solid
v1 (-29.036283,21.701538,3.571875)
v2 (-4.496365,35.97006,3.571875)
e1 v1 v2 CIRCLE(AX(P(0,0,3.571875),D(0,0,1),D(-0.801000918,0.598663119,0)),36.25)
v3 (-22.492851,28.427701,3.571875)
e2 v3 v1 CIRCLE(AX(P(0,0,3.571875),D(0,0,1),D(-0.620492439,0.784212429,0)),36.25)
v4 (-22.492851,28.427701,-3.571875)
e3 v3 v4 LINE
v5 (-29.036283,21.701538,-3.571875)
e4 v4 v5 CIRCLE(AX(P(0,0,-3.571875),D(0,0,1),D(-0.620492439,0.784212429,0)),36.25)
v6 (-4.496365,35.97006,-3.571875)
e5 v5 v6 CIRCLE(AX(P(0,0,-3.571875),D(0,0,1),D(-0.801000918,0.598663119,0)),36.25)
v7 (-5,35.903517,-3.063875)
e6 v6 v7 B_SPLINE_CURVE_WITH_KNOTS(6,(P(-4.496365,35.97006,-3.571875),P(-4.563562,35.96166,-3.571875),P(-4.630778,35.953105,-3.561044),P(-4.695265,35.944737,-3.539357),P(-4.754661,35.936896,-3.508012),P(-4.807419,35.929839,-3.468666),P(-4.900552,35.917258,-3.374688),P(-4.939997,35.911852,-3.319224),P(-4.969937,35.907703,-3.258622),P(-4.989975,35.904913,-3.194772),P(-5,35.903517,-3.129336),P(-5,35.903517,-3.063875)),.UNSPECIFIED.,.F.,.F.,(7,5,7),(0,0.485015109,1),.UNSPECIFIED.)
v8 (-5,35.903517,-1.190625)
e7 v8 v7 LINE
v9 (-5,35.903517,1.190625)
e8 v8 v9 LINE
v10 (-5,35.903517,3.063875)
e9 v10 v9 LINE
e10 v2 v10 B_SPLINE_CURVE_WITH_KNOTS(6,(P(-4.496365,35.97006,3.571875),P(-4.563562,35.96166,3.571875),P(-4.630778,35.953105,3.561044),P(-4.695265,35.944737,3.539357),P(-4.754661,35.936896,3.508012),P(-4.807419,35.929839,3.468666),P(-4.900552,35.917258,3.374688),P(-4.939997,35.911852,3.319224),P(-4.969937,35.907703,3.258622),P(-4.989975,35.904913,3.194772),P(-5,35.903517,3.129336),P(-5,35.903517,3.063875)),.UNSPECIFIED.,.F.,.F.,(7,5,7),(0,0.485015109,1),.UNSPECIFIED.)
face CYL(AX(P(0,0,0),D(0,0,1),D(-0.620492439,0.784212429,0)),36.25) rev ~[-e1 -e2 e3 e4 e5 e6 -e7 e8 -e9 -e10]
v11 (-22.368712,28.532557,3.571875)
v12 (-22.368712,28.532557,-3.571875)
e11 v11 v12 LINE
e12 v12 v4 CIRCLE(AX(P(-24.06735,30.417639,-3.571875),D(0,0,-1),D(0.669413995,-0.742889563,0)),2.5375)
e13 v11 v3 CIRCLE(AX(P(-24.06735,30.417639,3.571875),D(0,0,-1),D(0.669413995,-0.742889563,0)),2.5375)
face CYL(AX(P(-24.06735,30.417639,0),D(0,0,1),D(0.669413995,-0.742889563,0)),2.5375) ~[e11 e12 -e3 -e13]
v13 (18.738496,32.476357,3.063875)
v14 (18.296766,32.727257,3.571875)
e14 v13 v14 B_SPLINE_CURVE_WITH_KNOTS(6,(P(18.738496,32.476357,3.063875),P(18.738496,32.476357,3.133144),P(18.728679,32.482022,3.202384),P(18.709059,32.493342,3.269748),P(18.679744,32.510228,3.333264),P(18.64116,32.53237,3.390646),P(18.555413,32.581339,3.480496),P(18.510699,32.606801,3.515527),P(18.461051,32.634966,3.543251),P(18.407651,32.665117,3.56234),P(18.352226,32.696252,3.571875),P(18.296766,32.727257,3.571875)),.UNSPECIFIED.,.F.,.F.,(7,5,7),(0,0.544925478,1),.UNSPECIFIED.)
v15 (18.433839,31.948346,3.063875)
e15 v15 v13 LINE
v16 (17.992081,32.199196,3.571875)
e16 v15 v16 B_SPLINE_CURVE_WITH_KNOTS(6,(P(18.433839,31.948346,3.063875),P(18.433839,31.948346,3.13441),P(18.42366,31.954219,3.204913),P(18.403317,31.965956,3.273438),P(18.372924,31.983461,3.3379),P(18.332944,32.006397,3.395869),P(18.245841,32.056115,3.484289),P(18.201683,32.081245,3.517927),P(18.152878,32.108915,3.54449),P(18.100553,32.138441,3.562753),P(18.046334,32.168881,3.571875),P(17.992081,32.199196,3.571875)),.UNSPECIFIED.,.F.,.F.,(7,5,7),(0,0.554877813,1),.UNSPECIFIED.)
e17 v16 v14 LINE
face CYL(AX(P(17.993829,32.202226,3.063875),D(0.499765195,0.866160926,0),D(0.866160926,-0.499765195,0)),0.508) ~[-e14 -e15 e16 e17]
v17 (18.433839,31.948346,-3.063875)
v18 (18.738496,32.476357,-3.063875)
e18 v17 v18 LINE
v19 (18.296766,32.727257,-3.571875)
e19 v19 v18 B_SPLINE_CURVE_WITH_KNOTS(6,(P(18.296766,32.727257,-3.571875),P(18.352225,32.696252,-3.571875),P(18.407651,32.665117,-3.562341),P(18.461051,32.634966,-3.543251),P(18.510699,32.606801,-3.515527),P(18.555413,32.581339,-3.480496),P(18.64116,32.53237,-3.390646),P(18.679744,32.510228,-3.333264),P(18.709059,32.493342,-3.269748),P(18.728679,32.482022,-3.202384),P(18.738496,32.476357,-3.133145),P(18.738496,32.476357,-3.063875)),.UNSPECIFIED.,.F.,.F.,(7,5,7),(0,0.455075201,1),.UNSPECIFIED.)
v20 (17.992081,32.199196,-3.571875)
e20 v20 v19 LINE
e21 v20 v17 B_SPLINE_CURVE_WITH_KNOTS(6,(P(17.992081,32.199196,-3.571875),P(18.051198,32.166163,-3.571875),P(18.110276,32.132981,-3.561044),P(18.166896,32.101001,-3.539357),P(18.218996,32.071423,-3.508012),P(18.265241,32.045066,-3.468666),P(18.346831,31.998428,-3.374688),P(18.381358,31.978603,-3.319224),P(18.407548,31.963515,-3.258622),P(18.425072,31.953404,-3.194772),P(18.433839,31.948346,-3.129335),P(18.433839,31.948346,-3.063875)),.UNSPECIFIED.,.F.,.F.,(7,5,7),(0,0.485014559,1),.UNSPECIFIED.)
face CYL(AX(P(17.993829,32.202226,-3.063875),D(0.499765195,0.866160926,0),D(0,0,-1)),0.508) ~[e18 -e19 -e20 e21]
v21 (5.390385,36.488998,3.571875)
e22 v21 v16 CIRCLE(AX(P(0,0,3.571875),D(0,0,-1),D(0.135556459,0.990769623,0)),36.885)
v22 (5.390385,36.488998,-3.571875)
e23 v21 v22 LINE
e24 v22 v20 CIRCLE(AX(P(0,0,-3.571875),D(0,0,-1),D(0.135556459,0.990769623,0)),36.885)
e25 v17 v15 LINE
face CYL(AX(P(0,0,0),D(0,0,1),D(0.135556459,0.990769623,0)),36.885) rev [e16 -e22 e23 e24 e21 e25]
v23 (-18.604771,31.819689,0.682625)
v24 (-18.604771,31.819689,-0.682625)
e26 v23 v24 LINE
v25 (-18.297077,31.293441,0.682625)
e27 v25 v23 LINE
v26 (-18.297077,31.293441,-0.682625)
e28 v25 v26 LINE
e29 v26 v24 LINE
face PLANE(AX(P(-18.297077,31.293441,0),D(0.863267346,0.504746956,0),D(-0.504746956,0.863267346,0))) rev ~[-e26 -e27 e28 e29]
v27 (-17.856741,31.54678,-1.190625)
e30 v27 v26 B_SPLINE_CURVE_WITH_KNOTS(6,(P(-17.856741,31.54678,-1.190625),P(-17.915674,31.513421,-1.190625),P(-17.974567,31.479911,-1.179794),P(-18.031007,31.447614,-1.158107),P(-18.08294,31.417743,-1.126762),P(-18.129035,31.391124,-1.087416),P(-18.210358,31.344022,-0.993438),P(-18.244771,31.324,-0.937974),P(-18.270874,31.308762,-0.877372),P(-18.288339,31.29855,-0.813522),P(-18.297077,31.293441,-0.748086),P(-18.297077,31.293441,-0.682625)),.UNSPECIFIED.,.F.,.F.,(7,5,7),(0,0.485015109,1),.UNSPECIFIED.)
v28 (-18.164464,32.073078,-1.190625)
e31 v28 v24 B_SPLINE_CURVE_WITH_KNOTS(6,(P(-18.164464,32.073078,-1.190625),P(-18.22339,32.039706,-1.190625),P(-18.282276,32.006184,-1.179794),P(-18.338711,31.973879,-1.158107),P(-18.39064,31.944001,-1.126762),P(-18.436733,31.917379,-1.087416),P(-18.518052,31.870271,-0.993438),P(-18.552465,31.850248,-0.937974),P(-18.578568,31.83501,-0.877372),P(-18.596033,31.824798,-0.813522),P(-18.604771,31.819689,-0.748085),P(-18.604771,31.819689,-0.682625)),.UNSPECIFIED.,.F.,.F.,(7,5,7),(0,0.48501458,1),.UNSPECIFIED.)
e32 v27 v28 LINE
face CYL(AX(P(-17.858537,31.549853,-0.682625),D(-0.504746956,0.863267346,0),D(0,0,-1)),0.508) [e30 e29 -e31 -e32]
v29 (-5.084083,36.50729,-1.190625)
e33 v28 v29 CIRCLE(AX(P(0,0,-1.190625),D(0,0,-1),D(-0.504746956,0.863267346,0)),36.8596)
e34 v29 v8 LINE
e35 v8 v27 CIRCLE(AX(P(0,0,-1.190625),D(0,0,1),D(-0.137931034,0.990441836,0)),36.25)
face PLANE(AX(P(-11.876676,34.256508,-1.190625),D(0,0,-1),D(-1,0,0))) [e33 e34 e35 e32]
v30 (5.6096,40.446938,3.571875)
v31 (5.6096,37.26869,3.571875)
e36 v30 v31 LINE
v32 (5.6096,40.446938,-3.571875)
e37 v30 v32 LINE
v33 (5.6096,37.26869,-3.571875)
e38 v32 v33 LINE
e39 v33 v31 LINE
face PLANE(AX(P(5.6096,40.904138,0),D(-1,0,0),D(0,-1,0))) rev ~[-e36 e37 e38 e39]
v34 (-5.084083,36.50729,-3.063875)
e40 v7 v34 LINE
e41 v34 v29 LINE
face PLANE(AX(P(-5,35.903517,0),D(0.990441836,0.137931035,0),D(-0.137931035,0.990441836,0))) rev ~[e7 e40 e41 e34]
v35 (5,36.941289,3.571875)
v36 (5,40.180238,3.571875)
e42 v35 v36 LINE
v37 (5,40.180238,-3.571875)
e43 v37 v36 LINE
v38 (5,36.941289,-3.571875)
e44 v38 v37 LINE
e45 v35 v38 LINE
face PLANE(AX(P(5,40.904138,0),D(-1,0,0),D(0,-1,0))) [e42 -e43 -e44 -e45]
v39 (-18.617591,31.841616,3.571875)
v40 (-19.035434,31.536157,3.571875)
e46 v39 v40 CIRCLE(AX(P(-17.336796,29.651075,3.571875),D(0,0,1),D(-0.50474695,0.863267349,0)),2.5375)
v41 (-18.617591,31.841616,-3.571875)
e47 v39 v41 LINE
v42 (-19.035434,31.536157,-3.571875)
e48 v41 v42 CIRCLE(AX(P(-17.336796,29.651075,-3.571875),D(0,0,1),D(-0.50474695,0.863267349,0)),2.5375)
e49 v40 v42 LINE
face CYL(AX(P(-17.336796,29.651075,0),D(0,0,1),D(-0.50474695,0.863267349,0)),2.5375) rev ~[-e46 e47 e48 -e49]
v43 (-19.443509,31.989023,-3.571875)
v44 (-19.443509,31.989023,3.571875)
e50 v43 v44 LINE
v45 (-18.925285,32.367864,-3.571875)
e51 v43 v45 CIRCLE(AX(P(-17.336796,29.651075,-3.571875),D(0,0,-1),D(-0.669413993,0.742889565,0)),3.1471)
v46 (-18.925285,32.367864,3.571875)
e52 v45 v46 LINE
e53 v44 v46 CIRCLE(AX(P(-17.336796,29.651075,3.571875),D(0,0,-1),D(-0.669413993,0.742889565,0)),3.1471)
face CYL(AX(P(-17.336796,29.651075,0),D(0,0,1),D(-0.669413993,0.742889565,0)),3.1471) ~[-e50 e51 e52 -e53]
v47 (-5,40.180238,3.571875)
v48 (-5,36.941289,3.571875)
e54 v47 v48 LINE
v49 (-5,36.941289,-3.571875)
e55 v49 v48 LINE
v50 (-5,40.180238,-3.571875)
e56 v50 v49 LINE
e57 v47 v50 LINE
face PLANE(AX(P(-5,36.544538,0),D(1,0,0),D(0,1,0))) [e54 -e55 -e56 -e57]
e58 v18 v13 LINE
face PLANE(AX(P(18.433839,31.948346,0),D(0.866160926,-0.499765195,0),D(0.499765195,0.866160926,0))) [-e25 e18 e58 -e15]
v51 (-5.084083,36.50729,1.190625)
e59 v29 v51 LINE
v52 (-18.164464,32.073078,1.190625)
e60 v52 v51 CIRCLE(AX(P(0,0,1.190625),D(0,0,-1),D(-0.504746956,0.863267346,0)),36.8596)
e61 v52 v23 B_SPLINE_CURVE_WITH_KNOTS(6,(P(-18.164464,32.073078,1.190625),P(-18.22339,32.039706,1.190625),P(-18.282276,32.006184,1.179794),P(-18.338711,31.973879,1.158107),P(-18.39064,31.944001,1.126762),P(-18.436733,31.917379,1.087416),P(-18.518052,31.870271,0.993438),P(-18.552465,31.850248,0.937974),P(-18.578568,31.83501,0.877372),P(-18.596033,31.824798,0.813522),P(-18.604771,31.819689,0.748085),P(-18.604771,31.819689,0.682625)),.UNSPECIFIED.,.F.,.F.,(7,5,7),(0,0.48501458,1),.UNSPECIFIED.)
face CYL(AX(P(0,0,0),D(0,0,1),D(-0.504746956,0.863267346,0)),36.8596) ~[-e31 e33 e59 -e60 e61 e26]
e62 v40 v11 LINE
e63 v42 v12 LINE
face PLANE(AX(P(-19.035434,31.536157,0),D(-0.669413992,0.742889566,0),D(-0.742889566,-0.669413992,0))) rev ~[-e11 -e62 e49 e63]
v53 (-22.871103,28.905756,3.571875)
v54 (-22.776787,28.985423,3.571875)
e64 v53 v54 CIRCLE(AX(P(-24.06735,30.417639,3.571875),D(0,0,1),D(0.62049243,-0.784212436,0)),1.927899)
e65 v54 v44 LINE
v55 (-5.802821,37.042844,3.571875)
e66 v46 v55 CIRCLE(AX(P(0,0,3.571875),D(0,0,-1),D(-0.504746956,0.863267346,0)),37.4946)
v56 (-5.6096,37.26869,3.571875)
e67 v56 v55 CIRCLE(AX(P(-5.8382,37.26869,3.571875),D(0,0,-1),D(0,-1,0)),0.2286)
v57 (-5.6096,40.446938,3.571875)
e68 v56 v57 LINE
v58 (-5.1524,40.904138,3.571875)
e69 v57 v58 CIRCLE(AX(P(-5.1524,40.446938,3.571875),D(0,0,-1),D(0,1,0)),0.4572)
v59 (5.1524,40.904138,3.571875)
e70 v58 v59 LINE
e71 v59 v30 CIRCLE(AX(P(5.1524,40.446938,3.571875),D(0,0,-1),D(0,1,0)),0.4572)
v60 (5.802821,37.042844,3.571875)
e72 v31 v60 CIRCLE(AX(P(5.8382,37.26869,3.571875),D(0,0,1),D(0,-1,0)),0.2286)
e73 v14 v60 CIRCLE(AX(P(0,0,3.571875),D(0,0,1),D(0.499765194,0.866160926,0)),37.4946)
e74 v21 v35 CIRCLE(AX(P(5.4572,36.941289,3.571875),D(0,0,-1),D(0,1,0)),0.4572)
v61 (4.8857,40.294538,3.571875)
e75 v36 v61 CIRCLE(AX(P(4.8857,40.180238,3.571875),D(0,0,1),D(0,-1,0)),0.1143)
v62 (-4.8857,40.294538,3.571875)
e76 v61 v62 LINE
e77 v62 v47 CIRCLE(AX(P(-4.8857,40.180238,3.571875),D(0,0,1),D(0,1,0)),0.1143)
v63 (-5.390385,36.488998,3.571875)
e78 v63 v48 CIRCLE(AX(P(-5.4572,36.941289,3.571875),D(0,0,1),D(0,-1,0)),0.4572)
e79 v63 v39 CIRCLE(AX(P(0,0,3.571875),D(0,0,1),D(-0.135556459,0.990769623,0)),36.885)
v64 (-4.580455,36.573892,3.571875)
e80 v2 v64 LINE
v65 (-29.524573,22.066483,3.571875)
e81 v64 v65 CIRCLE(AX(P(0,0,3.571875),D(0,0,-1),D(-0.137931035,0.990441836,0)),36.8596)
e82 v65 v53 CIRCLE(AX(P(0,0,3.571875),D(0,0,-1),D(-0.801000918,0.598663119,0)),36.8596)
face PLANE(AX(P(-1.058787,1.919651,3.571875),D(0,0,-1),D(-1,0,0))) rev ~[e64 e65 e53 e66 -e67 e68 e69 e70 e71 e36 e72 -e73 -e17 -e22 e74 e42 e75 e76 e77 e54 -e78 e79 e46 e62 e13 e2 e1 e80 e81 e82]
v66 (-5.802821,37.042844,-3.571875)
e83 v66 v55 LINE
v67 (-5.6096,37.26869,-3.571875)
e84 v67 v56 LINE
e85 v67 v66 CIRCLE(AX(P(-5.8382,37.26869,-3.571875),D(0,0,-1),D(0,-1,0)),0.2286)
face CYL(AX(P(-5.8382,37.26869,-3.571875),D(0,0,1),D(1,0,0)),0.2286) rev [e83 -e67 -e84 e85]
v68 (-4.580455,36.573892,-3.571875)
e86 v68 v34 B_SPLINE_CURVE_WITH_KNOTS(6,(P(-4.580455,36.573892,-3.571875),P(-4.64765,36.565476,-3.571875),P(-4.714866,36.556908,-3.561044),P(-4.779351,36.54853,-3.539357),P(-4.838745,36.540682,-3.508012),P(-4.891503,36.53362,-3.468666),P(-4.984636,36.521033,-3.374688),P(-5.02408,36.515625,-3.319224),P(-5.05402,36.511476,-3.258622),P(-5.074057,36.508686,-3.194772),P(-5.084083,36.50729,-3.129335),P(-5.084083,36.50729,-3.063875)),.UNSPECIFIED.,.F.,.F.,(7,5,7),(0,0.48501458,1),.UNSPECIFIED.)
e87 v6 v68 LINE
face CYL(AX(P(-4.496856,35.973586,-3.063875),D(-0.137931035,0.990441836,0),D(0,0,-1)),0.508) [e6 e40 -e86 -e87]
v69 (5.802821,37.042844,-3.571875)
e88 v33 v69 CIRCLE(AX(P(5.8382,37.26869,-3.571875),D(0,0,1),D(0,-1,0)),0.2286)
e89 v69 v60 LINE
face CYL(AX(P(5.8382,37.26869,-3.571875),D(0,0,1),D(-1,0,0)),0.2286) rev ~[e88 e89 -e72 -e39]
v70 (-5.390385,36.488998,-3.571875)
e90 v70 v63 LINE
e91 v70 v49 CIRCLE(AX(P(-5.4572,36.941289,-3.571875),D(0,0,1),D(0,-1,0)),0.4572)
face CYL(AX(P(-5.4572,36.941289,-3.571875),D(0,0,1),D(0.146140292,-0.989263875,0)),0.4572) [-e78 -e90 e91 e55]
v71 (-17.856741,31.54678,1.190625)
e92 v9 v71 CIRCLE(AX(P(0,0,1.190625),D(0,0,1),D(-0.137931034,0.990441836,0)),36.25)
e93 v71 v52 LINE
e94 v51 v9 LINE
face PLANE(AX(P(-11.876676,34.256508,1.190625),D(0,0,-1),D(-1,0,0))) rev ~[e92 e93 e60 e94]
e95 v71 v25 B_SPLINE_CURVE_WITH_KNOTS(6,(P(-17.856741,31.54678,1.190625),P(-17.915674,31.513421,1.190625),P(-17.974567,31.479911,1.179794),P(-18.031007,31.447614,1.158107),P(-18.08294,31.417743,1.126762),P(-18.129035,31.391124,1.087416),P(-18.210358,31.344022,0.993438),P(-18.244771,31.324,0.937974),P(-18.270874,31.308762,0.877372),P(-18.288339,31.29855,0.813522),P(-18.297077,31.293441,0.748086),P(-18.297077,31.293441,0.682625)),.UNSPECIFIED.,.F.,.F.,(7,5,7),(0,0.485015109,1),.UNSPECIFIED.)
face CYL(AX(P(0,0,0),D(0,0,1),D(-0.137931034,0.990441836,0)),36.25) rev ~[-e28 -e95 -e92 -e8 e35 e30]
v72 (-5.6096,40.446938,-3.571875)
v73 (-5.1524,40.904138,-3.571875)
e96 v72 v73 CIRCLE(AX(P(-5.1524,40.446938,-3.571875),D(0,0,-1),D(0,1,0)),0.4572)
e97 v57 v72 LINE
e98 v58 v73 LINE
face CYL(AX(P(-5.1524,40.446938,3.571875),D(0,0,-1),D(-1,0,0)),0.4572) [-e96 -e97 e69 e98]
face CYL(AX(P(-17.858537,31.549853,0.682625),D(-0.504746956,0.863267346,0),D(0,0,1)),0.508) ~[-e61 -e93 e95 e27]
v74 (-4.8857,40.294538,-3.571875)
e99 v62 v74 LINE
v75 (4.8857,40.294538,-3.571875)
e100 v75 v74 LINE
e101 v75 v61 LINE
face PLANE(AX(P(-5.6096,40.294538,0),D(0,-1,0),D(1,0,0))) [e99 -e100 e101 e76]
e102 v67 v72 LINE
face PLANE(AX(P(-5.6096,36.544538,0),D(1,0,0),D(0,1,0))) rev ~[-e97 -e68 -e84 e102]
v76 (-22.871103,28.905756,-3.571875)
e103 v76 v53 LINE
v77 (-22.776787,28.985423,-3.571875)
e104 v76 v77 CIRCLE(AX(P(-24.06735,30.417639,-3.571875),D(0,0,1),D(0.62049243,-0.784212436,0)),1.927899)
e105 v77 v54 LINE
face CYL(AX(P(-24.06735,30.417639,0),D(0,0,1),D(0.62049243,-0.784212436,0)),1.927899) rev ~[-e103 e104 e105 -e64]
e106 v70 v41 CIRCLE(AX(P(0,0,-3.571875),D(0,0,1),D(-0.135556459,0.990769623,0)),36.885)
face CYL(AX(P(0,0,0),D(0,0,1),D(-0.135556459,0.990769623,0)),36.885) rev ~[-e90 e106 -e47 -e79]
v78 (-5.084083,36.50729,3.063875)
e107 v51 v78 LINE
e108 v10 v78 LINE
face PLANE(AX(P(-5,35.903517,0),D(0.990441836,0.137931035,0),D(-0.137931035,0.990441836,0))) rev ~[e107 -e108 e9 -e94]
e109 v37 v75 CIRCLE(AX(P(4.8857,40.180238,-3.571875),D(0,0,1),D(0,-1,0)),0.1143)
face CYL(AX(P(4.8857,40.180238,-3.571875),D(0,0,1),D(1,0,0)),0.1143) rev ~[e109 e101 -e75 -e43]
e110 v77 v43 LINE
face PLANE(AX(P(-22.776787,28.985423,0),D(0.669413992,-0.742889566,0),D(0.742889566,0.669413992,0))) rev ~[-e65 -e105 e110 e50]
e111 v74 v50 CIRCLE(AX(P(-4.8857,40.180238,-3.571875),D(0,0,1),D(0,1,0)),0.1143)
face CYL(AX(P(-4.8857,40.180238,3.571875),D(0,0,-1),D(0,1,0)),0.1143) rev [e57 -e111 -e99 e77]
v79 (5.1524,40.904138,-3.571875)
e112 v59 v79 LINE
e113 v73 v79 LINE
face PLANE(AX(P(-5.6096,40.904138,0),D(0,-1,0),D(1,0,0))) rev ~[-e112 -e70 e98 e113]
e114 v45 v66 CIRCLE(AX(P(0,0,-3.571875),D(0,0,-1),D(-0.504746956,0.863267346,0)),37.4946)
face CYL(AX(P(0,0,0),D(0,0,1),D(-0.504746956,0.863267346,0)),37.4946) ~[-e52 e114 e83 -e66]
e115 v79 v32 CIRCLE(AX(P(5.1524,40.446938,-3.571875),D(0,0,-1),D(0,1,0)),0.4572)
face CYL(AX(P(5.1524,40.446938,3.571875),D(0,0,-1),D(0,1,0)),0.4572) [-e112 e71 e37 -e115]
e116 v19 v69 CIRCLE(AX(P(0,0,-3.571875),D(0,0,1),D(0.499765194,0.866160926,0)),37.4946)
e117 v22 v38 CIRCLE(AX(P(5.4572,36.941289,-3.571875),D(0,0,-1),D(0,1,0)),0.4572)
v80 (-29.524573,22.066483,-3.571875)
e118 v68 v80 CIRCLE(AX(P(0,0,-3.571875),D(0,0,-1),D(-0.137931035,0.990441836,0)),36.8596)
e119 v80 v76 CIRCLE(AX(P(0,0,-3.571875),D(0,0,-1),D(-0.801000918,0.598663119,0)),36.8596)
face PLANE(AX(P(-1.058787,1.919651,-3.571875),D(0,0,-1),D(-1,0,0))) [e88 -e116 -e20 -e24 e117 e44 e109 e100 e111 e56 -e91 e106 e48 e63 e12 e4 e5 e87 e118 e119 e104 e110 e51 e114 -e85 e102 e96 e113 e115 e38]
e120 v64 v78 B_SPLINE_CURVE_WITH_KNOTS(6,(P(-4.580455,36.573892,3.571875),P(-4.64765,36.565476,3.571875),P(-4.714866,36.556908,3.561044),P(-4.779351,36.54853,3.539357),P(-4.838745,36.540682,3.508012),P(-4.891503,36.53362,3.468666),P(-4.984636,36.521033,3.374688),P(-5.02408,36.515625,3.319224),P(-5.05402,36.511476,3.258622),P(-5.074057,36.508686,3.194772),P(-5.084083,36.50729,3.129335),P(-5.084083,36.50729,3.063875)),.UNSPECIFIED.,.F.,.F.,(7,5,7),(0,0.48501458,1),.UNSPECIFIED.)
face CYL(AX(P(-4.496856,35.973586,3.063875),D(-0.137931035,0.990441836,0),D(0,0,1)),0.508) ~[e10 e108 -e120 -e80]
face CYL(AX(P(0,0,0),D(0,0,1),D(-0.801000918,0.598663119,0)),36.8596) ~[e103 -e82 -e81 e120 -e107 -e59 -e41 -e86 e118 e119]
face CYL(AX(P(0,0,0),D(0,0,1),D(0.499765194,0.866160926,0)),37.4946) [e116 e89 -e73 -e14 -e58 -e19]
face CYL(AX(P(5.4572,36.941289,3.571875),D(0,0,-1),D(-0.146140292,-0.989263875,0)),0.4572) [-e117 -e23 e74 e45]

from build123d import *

# Parameters (mm, degrees)
BOSS_EXTRUDE1_DEPTH = 3.571875
SHELL1_T            = -0.6096
EXTRUDE_THIN3_DEPTH = 3.571875
EXTRUDE_THIN4_DEPTH = 3.571875
EXTRUDE_THIN6_DEPTH = 1.190625
FILLET4_R           = 0.4572
FILLET5_R           = 0.2286
FILLET6_R           = 0.1143
FILLET7_R           = 0.508


with BuildPart() as part:
    # Sketch1 → Boss-Extrude1 (new, symmetric)
    with BuildSketch(Plane.XY):
        Polygon((-5.6096, 36.544537554), (-5.6096, 40.904137554), (5.6096, 40.904137554), (5.6096, 36.544537554), (5, 36.544537554), (-5, 36.544537554), align=None)
    extrude(amount=BOSS_EXTRUDE1_DEPTH, both=True)

    # Shell1
    shell1_openings = [part.faces().sort_by_distance(p)[0] for p in [
        (0, 38.724337554, 3.571875),
        (0, 36.544537554, 0),
        (0, 38.724337554, -3.571875),
    ]]
    offset(amount=SHELL1_T, openings=shell1_openings, kind=Kind.INTERSECTION)

    # Sketch5 → Extrude-Thin3 (add, symmetric)
    with BuildSketch(Plane.XY):
        with BuildLine():
            ThreePointArc((5, 36.544537554), (11.940161205, 34.898936594), (18.433839197, 31.94834577))
            Line((18.433839197, 31.94834577), (18.73849606, 32.476357471))
            ThreePointArc((18.73849606, 32.476357471), (12.137496769, 35.475712838), (5.082635218, 37.148510716))
            Line((5.082635218, 37.148510716), (5, 36.544537554))
        make_face()
    extrude(amount=EXTRUDE_THIN3_DEPTH, both=True)

    # Sketch6 → Extrude-Thin4 (add, symmetric)
    with BuildSketch(Plane.XY):
        with BuildLine():
            ThreePointArc((-5, 36.544537554), (-12.040640524, 34.864397324), (-18.617591459, 31.841616059))
            ThreePointArc((-18.617591459, 31.841616059), (-18.834321384, 31.699568311), (-19.035434065, 31.536157441))
            Line((-19.035434065, 31.536157441), (-22.368712445, 28.532557322))
            ThreePointArc((-22.368712445, 28.532557322), (-22.429942096, 28.479134983), (-22.492850889, 28.427700556))
            ThreePointArc((-22.492850889, 28.427700556), (-25.983133611, 25.277248025), (-29.036283269, 21.701538054))
            ThreePointArc((-29.036283269, 21.701538054), (18.440205881, -31.209314428), (-5, 35.903516541))
            Line((-5, 35.903516541), (-5.084082759, 36.507289884))
            ThreePointArc((-5.084082759, 36.507289884), (18.750306557, -31.734147479), (-29.524573428, 22.066483092))
            ThreePointArc((-29.524573428, 22.066483092), (-26.420080322, 25.702324174), (-22.871103079, 28.905756453))
            ThreePointArc((-22.871103079, 28.905756453), (-22.823307272, 28.944834455), (-22.776787215, 28.985422801))
            Line((-22.776787215, 28.985422801), (-19.443508835, 31.989022921))
            ThreePointArc((-19.443508835, 31.989022921), (-19.194081556, 32.191691038), (-18.925285204, 32.367863833))
            ThreePointArc((-18.925285204, 32.367863833), (-12.239636714, 35.440602736), (-5.082635218, 37.148510716))
            Line((-5.082635218, 37.148510716), (-5, 36.544537554))
        make_face()
    extrude(amount=EXTRUDE_THIN4_DEPTH, both=True)

    # Sketch9 → Extrude-Thin6 (add, symmetric)
    with BuildSketch(Plane.XY):
        with BuildLine():
            ThreePointArc((-5, 35.903516541), (-11.874411535, 34.249975923), (-18.297077143, 31.293441294))
            Line((-18.297077143, 31.293441294), (-18.604770887, 31.819689068))
            ThreePointArc((-18.604770887, 31.819689068), (-12.07409819, 34.825942414), (-5.084082759, 36.507289884))
            Line((-5.084082759, 36.507289884), (-5, 35.903516541))
        make_face()
    extrude(amount=EXTRUDE_THIN6_DEPTH, both=True)

    # Fillet4
    fillet4_edges = [part.edges().sort_by_distance(p)[0] for p in [
        (-5.6096, 40.904137554, 0),
        (5.6096, 40.904137554, 0),
        (5, 36.544537554, 0),
        (-5, 36.544537554, 0),
    ]]
    fillet(fillet4_edges, radius=FILLET4_R)

    # Fillet5
    fillet5_edges = [part.edges().sort_by_distance(p)[0] for p in [
        (5.6096, 37.072596578, 0),
        (-5.6096, 37.072596578, 0),
    ]]
    fillet(fillet5_edges, radius=FILLET5_R)

    # Fillet6
    fillet6_edges = [part.edges().sort_by_distance(p)[0] for p in [
        (5, 40.294537554, 0),
        (-5, 40.294537554, 0),
    ]]
    fillet(fillet6_edges, radius=FILLET6_R)

    # Fillet7
    fillet7_edges = [part.edges().sort_by_distance(p)[0] for p in [
        (18.586167628, 32.212351621, -3.571875),
        (18.586167628, 32.212351621, 3.571875),
        (-5.042041379, 36.205403212, -3.571875),
        (-5.042041379, 36.205403212, 3.571875),
        (-18.450924015, 31.556565181, 1.190625),
        (-18.450924015, 31.556565181, -1.190625),
    ]]
    fillet(fillet7_edges, radius=FILLET7_R)


solid = part.part
